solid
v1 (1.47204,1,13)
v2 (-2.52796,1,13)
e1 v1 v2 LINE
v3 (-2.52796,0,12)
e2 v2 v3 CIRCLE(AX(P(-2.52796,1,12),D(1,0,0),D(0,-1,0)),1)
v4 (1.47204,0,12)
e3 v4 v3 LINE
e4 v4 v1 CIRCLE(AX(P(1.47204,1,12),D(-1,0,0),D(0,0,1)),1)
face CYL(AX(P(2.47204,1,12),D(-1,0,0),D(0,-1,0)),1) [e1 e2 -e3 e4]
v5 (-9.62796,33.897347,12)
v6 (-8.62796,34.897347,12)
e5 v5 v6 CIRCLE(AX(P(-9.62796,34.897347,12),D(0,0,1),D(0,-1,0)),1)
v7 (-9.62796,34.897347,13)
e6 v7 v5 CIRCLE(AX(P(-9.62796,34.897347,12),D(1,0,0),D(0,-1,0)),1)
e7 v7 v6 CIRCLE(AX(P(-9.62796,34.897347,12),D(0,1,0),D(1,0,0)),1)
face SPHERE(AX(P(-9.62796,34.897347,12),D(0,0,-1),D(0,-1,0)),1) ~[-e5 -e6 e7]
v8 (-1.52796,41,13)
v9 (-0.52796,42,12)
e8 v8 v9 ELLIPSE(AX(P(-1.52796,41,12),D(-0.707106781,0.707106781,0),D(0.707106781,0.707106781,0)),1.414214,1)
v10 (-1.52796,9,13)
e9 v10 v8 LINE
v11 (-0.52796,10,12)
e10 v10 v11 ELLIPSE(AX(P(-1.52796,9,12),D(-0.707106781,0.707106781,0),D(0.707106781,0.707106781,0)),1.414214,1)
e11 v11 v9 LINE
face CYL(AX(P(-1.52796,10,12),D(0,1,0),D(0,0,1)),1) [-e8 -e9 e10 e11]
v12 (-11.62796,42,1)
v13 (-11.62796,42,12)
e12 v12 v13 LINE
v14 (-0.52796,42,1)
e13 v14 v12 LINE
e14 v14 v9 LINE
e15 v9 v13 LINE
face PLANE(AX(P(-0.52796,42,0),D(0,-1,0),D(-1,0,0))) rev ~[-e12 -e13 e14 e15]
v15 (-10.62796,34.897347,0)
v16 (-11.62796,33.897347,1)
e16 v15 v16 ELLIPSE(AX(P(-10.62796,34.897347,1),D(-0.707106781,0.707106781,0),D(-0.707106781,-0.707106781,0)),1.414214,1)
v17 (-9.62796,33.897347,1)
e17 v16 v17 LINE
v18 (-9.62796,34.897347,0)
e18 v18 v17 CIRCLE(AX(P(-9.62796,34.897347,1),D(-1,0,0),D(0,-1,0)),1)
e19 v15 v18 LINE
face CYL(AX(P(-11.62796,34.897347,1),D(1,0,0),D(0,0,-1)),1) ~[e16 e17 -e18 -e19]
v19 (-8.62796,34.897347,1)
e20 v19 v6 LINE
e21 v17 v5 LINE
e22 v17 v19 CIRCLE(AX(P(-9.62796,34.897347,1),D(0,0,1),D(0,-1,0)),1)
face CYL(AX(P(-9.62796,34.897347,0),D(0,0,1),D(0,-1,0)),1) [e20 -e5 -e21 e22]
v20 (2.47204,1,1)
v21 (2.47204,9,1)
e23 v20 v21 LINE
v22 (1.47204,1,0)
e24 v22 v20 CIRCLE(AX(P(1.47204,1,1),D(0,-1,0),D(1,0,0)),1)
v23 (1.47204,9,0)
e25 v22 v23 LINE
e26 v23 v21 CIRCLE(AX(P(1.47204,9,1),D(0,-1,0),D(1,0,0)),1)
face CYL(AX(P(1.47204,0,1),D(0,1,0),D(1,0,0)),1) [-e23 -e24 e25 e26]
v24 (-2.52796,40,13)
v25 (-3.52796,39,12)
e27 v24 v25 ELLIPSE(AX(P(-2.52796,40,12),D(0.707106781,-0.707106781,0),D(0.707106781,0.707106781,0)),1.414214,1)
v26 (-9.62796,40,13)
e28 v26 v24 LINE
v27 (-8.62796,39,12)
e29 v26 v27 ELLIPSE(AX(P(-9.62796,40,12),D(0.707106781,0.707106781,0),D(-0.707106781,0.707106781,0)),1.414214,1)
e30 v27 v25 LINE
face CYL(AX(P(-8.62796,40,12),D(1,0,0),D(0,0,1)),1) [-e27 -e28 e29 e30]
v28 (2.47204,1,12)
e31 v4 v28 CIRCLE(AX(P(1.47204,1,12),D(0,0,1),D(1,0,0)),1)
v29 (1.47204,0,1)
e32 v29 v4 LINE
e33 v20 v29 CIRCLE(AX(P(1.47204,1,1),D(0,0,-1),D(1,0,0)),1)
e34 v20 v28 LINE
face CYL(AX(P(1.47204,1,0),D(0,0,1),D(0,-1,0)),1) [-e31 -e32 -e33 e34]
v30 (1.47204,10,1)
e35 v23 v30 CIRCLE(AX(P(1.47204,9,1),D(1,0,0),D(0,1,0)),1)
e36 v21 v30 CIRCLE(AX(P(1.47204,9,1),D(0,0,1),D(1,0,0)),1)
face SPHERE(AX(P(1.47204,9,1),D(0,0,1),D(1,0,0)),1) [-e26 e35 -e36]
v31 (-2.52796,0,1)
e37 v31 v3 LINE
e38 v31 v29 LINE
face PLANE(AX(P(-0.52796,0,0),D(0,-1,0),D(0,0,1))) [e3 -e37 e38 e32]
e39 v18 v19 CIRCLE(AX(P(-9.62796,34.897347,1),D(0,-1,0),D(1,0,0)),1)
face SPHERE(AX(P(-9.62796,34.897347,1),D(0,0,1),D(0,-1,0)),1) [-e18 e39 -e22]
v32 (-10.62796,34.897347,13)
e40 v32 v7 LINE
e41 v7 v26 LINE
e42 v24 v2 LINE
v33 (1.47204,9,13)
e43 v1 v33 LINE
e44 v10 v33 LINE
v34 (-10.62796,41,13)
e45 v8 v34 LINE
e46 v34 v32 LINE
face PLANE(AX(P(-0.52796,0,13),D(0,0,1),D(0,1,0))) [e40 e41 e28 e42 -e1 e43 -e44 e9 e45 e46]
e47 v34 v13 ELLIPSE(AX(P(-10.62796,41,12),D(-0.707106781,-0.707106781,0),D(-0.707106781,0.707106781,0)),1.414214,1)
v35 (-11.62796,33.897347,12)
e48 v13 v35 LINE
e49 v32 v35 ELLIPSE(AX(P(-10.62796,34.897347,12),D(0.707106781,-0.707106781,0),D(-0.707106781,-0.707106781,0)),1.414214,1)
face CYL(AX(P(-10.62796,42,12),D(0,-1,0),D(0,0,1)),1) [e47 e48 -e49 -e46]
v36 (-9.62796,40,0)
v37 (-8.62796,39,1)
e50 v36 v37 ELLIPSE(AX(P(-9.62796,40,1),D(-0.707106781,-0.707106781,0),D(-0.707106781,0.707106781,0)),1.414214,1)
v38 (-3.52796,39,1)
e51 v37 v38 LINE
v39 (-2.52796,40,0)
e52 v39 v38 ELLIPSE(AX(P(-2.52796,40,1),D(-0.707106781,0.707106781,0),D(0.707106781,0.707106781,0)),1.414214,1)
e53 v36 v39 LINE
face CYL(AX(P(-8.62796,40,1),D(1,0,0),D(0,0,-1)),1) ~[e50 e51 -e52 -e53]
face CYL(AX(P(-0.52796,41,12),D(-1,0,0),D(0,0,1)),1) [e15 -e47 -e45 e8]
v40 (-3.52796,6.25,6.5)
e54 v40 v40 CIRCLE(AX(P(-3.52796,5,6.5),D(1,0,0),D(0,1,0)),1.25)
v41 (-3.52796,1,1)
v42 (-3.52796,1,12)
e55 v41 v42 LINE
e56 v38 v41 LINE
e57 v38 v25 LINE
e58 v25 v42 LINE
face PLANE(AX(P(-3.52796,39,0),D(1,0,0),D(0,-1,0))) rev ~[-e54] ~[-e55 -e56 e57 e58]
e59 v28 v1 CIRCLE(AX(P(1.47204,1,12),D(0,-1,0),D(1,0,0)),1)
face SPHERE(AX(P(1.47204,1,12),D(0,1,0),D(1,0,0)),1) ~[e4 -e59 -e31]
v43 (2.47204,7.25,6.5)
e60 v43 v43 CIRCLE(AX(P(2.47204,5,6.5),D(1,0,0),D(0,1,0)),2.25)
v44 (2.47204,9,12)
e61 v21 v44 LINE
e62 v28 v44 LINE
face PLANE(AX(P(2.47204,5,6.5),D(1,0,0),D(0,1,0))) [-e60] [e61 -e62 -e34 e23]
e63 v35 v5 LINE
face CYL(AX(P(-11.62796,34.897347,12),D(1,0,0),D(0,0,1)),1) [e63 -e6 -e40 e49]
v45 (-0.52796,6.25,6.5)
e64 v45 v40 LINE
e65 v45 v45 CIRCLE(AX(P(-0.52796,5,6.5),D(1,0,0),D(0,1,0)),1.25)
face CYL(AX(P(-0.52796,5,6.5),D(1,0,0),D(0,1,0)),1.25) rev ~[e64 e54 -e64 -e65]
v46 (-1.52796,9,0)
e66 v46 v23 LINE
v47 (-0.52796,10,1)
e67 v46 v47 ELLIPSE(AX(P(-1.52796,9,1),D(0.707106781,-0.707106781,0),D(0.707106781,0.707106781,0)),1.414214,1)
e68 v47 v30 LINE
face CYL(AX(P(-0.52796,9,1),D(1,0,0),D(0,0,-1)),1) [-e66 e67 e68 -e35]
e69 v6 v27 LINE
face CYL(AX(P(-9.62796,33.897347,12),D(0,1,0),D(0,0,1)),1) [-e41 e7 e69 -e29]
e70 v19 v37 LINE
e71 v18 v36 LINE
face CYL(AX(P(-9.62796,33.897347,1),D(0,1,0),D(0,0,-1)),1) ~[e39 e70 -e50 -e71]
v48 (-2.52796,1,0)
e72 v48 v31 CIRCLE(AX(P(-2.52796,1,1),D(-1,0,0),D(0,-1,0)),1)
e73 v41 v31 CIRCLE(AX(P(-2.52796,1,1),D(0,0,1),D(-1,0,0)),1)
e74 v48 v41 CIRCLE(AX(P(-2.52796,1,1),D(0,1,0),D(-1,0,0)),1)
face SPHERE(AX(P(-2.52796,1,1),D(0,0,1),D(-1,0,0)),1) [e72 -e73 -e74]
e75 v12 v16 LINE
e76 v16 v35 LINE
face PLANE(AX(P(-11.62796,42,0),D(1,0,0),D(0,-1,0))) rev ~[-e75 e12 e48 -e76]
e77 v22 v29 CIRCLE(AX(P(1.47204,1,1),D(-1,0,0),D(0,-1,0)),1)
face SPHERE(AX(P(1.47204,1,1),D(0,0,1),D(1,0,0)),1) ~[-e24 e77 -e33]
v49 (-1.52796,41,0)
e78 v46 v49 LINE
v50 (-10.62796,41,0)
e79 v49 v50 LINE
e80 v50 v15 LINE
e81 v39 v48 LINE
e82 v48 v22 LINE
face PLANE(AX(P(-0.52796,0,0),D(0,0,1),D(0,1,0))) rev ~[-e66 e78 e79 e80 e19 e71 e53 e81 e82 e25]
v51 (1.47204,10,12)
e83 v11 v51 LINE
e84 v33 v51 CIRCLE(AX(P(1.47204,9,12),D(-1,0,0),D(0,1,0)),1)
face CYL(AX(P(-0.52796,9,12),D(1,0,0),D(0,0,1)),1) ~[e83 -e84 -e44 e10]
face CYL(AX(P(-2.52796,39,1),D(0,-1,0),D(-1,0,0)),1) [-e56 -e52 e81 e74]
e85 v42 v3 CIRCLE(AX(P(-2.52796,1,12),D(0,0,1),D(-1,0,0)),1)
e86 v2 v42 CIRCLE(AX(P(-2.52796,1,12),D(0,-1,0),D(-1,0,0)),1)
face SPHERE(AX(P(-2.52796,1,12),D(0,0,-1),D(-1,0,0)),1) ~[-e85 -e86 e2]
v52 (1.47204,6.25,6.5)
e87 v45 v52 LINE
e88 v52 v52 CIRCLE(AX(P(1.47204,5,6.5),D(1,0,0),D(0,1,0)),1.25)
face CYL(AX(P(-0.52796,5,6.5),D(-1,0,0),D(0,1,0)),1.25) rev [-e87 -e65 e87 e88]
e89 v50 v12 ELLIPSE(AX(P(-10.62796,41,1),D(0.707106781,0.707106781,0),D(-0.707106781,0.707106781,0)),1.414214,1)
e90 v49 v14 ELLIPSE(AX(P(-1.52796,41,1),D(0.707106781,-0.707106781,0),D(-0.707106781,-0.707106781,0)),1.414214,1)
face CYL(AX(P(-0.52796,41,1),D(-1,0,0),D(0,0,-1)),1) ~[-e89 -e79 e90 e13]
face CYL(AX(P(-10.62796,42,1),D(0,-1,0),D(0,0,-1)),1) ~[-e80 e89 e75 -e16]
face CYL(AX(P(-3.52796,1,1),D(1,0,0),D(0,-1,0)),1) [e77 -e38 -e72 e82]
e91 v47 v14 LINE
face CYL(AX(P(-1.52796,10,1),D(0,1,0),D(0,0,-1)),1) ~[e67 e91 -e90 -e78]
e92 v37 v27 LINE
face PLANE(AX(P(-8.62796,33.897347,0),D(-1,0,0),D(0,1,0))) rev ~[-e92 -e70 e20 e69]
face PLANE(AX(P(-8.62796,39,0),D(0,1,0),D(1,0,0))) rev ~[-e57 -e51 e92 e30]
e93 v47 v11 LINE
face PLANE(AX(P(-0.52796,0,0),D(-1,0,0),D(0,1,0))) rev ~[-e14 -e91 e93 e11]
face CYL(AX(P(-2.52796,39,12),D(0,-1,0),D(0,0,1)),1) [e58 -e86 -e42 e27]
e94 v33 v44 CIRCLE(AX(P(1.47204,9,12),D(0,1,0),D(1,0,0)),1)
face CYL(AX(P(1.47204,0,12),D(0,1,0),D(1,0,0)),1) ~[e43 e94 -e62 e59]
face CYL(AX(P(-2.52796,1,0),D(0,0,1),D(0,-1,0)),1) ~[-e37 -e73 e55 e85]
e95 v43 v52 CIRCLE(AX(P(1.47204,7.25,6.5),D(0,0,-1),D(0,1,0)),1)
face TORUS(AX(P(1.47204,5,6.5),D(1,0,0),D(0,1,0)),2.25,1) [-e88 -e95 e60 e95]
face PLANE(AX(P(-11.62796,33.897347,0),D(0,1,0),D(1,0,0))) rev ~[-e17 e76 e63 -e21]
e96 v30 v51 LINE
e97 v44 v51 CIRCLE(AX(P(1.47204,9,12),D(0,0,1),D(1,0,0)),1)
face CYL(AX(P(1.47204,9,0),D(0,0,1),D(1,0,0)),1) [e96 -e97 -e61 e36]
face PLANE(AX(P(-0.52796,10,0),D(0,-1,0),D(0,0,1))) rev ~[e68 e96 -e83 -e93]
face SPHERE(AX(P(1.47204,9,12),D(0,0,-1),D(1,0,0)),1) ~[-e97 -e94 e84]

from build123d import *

# Parameters (mm, degrees)
F1_DEPTH = 13
F2_W     = 10
F2_H     = 13
F2_R     = 1.25
F3_DEPTH = 3
F4_DEPTH = 25
F5_R     = 1


with BuildPart() as f1:
    # F0 (on Top) → F1 (new body)
    with BuildSketch(Plane.XY):
        Polygon((-11.62796, 33.897347), (-8.62796, 33.897347), (-8.62796, 39), (-3.52796, 39), (-3.52796, 0), (-0.52796, 0), (-0.52796, 42), (-11.62796, 42), align=None)
    extrude(amount=F1_DEPTH)

    # F2 (on face) → F3 (join)
    with BuildSketch(Plane.YZ.offset(-0.52796)):
        with Locations((5, 6.5)):
            Rectangle(F2_W, F2_H)
        with Locations((5, 6.5)):
            Circle(F2_R, mode=Mode.SUBTRACT)
    extrude(amount=F3_DEPTH)

    # F2 (on face) → F4 (cut)
    with BuildSketch(Plane.YZ.offset(-0.52796)):
        with Locations((5, 6.5)):
            Circle(F2_R)
    extrude(amount=-F4_DEPTH, mode=Mode.SUBTRACT)

    # F5
    f5_edges = [f1.edges().sort_by_distance(p)[0] for p in [
        (-8.62796, 33.897347, 6.5),
        (-3.52796, 0, 6.5),
        (2.47204, 10, 6.5),
        (2.47204, 5, 13),
        (2.47204, 0, 6.5),
        (2.47204, 5, 0),
        (2.47204, 3.75, 6.5),
        (-0.52796, 26, 13),
        (-6.07796, 42, 13),
        (-11.62796, 37.948674, 13),
        (-10.12796, 33.897347, 13),
        (-8.62796, 36.448674, 13),
        (-6.07796, 39, 13),
        (-3.52796, 19.5, 13),
        (-0.52796, 0, 13),
        (0.97204, 10, 13),
        (-6.07796, 42, 0),
        (-11.62796, 37.948674, 0),
        (-10.12796, 33.897347, 0),
        (-8.62796, 36.448674, 0),
        (-6.07796, 39, 0),
        (-3.52796, 19.5, 0),
        (-0.52796, 0, 0),
        (0.97204, 10, 0),
        (-0.52796, 26, 0),
    ]]
    fillet(f5_edges, radius=F5_R)


solid = f1.part
